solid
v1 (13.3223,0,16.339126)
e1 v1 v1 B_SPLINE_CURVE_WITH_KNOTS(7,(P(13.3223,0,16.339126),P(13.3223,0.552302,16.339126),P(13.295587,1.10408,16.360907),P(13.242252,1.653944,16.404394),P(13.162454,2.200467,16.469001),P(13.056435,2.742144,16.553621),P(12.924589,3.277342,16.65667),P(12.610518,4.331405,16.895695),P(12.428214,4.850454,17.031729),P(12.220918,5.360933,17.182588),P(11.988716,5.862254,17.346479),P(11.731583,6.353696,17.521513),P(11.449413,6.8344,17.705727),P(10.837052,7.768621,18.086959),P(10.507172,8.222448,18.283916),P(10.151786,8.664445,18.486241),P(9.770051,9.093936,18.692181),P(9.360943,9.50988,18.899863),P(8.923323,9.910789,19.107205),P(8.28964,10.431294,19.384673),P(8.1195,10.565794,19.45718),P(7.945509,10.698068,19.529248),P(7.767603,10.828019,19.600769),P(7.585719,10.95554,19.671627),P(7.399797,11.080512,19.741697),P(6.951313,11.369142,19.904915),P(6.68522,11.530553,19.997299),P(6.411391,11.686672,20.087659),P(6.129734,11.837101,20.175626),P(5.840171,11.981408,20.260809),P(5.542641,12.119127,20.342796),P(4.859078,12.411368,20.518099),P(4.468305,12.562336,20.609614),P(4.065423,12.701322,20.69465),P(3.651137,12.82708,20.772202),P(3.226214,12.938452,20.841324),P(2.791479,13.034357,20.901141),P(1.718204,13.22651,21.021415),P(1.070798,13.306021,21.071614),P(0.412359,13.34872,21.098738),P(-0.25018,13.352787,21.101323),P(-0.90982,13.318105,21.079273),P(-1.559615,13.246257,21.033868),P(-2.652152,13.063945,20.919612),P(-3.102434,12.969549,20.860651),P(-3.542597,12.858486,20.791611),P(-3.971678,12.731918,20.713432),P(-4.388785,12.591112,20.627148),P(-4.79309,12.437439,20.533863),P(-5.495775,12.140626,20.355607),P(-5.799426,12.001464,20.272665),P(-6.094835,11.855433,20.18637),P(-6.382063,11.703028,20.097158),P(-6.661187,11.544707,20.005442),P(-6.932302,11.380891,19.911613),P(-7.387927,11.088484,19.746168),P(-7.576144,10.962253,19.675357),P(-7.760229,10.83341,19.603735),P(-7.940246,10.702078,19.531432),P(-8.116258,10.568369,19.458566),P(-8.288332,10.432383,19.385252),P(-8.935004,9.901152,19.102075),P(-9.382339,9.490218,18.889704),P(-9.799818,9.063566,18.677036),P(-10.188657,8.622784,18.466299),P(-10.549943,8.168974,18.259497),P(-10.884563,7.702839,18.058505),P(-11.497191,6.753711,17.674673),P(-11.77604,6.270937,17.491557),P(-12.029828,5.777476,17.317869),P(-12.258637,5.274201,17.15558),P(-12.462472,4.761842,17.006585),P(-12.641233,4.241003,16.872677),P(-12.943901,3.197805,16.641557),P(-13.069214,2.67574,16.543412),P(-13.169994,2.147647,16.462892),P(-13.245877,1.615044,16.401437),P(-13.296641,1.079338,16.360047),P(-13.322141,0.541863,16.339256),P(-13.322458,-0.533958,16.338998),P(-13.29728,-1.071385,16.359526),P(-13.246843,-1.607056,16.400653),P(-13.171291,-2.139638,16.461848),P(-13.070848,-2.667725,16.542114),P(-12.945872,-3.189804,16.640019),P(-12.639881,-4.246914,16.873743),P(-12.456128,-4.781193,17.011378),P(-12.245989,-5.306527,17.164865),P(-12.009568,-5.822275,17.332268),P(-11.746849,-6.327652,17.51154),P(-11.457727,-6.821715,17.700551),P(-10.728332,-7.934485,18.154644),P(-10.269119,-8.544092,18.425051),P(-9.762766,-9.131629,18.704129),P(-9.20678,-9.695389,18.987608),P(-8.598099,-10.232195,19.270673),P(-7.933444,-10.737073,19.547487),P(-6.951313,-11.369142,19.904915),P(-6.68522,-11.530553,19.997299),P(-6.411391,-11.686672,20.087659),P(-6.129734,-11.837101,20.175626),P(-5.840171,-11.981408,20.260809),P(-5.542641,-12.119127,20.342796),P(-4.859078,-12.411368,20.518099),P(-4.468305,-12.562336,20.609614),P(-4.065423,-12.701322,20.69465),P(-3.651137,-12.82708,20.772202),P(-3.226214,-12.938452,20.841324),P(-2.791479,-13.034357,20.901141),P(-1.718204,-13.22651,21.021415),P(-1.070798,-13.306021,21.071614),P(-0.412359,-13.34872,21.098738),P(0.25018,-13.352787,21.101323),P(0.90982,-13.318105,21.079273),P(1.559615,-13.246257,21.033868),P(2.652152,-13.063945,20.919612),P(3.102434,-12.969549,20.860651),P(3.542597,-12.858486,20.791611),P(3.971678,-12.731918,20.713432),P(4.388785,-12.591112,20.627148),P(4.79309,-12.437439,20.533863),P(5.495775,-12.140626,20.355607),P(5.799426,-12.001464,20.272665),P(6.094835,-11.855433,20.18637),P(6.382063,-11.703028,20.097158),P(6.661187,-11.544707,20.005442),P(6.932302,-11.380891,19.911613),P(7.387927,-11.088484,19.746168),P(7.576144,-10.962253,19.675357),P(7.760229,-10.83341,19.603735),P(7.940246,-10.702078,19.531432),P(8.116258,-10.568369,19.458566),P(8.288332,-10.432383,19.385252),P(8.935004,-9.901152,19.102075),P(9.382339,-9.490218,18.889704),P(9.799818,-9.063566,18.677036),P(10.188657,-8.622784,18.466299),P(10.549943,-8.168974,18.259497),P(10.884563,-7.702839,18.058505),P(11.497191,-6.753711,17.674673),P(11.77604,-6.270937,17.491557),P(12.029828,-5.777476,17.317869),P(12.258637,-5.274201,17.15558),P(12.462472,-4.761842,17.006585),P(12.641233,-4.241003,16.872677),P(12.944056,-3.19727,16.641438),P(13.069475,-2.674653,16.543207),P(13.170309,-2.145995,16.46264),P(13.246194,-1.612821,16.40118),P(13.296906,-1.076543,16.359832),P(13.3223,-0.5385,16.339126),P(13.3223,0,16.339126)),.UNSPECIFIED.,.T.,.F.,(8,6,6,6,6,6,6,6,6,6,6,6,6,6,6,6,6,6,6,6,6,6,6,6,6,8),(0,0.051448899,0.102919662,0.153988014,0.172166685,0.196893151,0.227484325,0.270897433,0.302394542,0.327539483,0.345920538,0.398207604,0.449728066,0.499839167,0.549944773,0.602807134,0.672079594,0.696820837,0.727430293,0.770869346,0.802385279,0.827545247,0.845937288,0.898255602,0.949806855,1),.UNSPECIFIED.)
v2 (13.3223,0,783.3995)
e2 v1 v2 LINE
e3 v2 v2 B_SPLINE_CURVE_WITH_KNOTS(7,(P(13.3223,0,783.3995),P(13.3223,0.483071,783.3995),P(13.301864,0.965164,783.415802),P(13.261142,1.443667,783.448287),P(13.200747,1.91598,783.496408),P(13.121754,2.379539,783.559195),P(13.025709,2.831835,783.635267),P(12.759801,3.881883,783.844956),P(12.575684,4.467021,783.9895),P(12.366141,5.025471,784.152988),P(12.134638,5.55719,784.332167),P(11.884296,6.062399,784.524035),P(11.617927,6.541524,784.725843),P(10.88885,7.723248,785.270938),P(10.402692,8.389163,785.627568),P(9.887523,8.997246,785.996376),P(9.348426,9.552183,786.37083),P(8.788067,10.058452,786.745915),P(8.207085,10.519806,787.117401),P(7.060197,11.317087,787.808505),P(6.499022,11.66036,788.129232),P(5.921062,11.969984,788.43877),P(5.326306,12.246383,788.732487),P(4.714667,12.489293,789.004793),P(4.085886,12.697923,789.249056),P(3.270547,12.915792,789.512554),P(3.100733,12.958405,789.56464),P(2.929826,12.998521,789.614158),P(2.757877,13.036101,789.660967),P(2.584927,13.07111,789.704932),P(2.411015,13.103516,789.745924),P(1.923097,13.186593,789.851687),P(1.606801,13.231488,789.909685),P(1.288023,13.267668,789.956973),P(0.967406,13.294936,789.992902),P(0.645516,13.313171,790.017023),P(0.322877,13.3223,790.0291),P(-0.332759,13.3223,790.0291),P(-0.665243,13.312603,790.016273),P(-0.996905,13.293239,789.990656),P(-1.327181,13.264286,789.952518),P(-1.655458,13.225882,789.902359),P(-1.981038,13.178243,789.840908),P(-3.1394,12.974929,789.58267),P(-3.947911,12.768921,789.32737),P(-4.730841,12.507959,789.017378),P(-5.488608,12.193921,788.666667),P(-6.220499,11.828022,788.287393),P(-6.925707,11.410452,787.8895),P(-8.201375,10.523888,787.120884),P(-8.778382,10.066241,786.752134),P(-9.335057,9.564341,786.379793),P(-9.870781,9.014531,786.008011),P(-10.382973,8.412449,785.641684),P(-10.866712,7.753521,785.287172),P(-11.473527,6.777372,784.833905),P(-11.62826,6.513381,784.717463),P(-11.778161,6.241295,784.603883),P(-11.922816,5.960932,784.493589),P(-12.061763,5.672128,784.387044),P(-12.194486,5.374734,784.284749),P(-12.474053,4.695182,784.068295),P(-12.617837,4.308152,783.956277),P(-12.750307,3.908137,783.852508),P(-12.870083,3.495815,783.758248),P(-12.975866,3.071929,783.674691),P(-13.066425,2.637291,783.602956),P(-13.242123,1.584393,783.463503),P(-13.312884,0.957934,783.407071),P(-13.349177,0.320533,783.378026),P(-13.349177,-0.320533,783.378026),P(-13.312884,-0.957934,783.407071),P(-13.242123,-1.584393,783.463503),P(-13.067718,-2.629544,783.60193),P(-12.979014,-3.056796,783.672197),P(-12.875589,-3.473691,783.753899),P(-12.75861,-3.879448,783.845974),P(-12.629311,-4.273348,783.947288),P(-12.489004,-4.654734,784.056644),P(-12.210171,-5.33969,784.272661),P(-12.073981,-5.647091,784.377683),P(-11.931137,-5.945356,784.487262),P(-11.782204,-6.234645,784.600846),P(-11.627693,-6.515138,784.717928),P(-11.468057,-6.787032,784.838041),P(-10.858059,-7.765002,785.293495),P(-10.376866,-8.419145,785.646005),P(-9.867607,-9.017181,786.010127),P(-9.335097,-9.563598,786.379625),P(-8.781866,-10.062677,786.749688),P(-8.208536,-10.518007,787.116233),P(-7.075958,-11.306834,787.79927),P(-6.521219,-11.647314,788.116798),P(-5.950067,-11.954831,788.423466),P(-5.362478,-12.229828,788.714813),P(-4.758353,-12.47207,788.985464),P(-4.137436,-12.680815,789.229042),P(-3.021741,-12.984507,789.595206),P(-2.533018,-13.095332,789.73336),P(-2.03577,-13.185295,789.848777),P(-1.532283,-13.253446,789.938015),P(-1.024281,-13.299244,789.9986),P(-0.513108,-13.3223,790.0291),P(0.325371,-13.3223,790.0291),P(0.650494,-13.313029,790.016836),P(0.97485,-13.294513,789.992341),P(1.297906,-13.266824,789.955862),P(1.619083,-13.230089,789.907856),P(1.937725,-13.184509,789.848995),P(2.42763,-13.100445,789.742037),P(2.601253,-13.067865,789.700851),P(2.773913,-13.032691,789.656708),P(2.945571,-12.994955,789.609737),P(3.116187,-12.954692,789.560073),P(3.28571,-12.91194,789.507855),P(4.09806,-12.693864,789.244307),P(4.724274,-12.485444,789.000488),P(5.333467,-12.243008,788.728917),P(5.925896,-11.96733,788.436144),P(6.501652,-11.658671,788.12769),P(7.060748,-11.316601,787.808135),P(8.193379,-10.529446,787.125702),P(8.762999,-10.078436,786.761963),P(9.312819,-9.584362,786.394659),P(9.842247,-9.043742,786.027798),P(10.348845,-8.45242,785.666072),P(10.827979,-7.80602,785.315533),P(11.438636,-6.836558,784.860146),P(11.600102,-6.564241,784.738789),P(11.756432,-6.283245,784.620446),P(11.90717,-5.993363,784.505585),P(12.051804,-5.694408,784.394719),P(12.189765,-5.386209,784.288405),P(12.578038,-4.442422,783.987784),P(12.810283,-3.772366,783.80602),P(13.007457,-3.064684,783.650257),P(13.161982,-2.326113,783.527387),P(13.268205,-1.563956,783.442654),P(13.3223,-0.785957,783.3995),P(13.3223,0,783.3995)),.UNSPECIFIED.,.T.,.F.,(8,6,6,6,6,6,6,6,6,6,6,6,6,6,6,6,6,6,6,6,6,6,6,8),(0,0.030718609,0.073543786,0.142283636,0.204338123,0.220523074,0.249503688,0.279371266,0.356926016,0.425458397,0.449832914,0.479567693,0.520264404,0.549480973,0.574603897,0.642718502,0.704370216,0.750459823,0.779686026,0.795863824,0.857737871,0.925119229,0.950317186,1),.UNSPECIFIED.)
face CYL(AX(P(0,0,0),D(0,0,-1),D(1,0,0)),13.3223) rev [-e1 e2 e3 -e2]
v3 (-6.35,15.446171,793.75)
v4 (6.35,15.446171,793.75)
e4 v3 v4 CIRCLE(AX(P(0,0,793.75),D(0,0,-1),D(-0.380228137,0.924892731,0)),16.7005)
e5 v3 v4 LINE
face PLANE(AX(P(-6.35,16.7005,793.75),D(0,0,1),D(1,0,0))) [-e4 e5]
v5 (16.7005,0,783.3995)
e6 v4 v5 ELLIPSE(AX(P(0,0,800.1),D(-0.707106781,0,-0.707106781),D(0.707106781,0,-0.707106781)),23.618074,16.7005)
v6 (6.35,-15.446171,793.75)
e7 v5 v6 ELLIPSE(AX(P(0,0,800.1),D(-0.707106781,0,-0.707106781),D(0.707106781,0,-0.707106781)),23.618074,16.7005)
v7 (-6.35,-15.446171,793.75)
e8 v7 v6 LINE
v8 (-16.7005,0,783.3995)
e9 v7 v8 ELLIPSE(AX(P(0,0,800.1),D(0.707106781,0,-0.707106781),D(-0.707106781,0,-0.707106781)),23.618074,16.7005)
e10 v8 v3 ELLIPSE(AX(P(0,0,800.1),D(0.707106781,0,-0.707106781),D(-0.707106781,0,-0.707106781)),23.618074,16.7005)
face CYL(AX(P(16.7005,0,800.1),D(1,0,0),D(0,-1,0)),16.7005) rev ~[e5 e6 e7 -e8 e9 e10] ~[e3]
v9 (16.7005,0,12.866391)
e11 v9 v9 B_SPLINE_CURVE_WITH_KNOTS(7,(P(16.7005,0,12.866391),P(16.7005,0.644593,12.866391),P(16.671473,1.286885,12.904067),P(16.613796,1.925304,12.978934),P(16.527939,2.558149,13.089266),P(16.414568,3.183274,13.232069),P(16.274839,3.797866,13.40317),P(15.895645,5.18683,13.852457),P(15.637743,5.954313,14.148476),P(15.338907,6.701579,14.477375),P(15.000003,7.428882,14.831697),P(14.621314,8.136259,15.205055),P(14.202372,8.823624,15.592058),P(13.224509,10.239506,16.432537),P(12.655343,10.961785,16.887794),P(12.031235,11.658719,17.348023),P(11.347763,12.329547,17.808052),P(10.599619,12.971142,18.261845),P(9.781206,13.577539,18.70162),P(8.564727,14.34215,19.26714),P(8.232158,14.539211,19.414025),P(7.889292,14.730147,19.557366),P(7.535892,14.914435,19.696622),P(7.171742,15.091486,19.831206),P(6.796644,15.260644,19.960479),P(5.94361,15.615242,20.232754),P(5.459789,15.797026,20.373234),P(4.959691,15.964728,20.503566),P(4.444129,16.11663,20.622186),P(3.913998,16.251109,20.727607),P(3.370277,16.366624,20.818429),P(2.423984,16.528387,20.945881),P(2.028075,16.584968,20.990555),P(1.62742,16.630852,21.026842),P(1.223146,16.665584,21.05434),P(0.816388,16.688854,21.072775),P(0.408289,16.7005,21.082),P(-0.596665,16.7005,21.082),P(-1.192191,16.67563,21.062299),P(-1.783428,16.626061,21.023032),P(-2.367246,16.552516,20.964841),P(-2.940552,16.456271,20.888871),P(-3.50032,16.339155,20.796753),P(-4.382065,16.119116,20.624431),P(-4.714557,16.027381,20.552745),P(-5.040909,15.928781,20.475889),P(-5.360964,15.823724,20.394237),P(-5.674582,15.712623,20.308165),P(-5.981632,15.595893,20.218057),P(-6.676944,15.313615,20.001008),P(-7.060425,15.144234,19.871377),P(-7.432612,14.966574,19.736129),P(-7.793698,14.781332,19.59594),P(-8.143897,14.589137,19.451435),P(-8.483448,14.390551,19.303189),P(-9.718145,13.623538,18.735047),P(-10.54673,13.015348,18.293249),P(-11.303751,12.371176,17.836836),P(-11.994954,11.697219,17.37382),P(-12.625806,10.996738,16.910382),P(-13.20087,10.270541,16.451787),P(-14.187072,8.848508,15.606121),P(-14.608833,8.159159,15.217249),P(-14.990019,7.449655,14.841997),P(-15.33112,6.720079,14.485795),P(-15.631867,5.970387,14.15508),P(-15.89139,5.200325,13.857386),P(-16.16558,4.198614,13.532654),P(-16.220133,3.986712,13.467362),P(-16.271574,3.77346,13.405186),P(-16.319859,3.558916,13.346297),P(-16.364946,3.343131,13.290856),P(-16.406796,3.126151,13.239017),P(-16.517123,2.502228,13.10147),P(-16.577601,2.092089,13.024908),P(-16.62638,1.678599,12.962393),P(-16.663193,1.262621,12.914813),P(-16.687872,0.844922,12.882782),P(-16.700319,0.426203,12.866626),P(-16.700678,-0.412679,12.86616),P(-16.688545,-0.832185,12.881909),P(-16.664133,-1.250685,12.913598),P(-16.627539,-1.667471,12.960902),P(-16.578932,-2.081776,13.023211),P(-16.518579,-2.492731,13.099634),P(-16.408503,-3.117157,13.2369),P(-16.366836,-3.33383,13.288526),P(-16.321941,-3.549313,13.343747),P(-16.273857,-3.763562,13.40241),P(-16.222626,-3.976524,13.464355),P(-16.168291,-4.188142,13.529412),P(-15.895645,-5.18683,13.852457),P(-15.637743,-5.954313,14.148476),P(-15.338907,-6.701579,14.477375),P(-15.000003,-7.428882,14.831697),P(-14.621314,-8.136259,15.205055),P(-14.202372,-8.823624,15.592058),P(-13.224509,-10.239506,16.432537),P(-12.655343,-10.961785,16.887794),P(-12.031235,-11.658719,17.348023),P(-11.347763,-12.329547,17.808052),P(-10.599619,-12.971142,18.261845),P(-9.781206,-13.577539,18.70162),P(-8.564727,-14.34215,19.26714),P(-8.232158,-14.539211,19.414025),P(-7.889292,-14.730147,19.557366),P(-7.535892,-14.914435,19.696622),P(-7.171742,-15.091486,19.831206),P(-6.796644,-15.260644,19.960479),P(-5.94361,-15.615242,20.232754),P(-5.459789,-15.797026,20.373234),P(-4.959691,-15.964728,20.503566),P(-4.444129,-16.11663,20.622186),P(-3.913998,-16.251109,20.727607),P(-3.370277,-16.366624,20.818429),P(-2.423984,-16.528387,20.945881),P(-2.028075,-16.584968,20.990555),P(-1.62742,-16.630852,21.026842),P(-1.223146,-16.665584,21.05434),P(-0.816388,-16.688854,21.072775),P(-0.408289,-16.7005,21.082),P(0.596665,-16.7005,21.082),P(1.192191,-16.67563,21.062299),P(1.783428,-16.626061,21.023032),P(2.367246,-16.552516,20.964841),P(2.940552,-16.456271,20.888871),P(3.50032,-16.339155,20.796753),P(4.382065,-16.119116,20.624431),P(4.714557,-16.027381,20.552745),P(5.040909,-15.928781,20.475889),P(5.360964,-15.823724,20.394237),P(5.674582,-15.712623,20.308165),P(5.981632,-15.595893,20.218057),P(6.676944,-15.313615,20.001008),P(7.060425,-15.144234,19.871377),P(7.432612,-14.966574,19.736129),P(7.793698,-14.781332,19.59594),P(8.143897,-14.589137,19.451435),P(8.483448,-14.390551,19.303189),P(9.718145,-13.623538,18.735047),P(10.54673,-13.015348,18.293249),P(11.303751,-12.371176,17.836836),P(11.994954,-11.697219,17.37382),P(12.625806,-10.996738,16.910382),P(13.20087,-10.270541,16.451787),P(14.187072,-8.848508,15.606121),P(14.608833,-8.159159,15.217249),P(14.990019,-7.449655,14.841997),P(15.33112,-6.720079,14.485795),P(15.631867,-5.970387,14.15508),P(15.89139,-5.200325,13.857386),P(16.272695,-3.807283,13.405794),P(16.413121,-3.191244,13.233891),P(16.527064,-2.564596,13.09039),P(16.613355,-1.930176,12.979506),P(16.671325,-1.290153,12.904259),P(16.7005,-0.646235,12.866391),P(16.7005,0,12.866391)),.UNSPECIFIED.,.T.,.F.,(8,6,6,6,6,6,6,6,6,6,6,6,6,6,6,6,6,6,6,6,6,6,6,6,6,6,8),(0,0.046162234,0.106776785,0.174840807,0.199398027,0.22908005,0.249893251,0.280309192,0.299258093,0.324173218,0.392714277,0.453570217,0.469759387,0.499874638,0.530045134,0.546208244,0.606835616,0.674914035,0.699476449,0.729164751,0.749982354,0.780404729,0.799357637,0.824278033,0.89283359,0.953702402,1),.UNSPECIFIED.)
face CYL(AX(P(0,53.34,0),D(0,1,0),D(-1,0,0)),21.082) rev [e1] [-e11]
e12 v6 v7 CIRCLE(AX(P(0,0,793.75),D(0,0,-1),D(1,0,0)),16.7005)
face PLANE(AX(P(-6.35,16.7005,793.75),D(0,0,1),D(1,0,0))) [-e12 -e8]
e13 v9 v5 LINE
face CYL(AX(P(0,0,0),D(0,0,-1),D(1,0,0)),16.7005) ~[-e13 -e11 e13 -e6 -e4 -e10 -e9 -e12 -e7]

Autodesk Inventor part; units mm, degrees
ref_plane "Start plane" through (0, 0, 0) normal (0, 0, 1) x (1, 0, 0)
ref_plane "End plane" through (0, 0, 800.1) normal (0, 0, 1) x (1, 0, 0)
sketch "Sketch" plane through (0, 0, 0) normal (0, 0, 1) x (1, 0, 0)
  circle A0 centre (0, 0) radius 13.3223
  circle A1 centre (0, 0) radius 16.7005
  dimension "d0" = 33.401
  dimension "d1" = 3.3782
extrude "Body" add sketch "Sketch" along normal up to surface (800.1 mm away) from surface at 0
sketch "Sketch3" plane through (0, 0, 0) normal (0, 0, 1) x (1, 0, 0)
  line L0 (0, 0) -> (10, 0)
ref_plane "Work Plane3" through (0, 0, 0) normal (0, -1, 0) x (1, 0, 0)
sketch "Sketch4" plane through (0, 0, 0) normal (0, -1, 0) x (1, 0, 0)
  line L0 (-2, 0) -> (12, 0)
  line L1 (-2, 800.1) -> (12, 800.1)
  dimension "d7" = 800.1
ref_plane "Work Plane4" through (0, 53.34, 0) normal (0, -1, 0) x (-1, 0, 0)
ref_plane "Work Plane5" through (0, -22.86, 0) normal (0, -1, 0) x (-1, 0, 0)
ref_plane "Work Plane6" through (0, 15.24, 0) normal (0, -1, 0) x (-1, 0, 0)
sketch "Sketch5" plane through (0, 15.24, 0) normal (0, -1, 0) x (-1, 0, 0)
  circle A0 centre (0, 0) radius 21.082
  circle A1 centre (0, 0) radius 17.526
extrude "Extrusion2" cut sketch "Sketch5" along normal up to surface (76.2 mm away) from surface at -38.1 contours A0 | A1
ref_plane "Work Plane9" through (16.7005, 0, 0) normal (1, 0, 0) x (0, 1, 0)
sketch "Sketch6" plane through (16.7005, 0, 0) normal (1, 0, 0) x (0, 1, 0)
  line L0 (-16.7005, 800.1) -> (16.7005, 800.1) projected
  arc A0 (-16.7005, 800.1) -> (16.7005, 800.1) centre (0, 800.1) ccw
  point P0 (0, 0)
extrude "Extrusion3" cut sketch "Sketch6" against normal through all
ref_plane "Work Plane10" through (0, 16.7005, 0) normal (0, 1, 0) x (-1, 0, 0)
sketch "Sketch7" plane through (0, 16.7005, 0) normal (0, 1, 0) x (-1, 0, 0)
  line L0 (0, 800.1) -> (16.7005, 783.3995) projected
  line L1 (-16.7005, 783.3995) -> (0, 800.1) projected
  line L2 (6.35, 793.75) -> (-6.35, 793.75)
  point P0 (0, 0)
  dimension "d12" = 6.35
extrude "Extrusion4" cut sketch "Sketch7" against normal through all
equation "\"d0\" = G_H"
equation "\"d1\" = G_T"
equation "\"d2\" = G_L"
equation "\"G_H\" = 33.401"
equation "\"G_T\" = 3.3782"
equation "\"G_L\" = d7"
equation "\"G_OFFSET_START\" = 0"
equation "\"G_OFFSET_END\" = 0"
equation "\"d5\" = G_OFFSET_END + B_L"
equation "\"B_L\" = 800.1"
properties part number "ANSI - 1 x 0.133 - 31.5" material "Aluminum 6061"
